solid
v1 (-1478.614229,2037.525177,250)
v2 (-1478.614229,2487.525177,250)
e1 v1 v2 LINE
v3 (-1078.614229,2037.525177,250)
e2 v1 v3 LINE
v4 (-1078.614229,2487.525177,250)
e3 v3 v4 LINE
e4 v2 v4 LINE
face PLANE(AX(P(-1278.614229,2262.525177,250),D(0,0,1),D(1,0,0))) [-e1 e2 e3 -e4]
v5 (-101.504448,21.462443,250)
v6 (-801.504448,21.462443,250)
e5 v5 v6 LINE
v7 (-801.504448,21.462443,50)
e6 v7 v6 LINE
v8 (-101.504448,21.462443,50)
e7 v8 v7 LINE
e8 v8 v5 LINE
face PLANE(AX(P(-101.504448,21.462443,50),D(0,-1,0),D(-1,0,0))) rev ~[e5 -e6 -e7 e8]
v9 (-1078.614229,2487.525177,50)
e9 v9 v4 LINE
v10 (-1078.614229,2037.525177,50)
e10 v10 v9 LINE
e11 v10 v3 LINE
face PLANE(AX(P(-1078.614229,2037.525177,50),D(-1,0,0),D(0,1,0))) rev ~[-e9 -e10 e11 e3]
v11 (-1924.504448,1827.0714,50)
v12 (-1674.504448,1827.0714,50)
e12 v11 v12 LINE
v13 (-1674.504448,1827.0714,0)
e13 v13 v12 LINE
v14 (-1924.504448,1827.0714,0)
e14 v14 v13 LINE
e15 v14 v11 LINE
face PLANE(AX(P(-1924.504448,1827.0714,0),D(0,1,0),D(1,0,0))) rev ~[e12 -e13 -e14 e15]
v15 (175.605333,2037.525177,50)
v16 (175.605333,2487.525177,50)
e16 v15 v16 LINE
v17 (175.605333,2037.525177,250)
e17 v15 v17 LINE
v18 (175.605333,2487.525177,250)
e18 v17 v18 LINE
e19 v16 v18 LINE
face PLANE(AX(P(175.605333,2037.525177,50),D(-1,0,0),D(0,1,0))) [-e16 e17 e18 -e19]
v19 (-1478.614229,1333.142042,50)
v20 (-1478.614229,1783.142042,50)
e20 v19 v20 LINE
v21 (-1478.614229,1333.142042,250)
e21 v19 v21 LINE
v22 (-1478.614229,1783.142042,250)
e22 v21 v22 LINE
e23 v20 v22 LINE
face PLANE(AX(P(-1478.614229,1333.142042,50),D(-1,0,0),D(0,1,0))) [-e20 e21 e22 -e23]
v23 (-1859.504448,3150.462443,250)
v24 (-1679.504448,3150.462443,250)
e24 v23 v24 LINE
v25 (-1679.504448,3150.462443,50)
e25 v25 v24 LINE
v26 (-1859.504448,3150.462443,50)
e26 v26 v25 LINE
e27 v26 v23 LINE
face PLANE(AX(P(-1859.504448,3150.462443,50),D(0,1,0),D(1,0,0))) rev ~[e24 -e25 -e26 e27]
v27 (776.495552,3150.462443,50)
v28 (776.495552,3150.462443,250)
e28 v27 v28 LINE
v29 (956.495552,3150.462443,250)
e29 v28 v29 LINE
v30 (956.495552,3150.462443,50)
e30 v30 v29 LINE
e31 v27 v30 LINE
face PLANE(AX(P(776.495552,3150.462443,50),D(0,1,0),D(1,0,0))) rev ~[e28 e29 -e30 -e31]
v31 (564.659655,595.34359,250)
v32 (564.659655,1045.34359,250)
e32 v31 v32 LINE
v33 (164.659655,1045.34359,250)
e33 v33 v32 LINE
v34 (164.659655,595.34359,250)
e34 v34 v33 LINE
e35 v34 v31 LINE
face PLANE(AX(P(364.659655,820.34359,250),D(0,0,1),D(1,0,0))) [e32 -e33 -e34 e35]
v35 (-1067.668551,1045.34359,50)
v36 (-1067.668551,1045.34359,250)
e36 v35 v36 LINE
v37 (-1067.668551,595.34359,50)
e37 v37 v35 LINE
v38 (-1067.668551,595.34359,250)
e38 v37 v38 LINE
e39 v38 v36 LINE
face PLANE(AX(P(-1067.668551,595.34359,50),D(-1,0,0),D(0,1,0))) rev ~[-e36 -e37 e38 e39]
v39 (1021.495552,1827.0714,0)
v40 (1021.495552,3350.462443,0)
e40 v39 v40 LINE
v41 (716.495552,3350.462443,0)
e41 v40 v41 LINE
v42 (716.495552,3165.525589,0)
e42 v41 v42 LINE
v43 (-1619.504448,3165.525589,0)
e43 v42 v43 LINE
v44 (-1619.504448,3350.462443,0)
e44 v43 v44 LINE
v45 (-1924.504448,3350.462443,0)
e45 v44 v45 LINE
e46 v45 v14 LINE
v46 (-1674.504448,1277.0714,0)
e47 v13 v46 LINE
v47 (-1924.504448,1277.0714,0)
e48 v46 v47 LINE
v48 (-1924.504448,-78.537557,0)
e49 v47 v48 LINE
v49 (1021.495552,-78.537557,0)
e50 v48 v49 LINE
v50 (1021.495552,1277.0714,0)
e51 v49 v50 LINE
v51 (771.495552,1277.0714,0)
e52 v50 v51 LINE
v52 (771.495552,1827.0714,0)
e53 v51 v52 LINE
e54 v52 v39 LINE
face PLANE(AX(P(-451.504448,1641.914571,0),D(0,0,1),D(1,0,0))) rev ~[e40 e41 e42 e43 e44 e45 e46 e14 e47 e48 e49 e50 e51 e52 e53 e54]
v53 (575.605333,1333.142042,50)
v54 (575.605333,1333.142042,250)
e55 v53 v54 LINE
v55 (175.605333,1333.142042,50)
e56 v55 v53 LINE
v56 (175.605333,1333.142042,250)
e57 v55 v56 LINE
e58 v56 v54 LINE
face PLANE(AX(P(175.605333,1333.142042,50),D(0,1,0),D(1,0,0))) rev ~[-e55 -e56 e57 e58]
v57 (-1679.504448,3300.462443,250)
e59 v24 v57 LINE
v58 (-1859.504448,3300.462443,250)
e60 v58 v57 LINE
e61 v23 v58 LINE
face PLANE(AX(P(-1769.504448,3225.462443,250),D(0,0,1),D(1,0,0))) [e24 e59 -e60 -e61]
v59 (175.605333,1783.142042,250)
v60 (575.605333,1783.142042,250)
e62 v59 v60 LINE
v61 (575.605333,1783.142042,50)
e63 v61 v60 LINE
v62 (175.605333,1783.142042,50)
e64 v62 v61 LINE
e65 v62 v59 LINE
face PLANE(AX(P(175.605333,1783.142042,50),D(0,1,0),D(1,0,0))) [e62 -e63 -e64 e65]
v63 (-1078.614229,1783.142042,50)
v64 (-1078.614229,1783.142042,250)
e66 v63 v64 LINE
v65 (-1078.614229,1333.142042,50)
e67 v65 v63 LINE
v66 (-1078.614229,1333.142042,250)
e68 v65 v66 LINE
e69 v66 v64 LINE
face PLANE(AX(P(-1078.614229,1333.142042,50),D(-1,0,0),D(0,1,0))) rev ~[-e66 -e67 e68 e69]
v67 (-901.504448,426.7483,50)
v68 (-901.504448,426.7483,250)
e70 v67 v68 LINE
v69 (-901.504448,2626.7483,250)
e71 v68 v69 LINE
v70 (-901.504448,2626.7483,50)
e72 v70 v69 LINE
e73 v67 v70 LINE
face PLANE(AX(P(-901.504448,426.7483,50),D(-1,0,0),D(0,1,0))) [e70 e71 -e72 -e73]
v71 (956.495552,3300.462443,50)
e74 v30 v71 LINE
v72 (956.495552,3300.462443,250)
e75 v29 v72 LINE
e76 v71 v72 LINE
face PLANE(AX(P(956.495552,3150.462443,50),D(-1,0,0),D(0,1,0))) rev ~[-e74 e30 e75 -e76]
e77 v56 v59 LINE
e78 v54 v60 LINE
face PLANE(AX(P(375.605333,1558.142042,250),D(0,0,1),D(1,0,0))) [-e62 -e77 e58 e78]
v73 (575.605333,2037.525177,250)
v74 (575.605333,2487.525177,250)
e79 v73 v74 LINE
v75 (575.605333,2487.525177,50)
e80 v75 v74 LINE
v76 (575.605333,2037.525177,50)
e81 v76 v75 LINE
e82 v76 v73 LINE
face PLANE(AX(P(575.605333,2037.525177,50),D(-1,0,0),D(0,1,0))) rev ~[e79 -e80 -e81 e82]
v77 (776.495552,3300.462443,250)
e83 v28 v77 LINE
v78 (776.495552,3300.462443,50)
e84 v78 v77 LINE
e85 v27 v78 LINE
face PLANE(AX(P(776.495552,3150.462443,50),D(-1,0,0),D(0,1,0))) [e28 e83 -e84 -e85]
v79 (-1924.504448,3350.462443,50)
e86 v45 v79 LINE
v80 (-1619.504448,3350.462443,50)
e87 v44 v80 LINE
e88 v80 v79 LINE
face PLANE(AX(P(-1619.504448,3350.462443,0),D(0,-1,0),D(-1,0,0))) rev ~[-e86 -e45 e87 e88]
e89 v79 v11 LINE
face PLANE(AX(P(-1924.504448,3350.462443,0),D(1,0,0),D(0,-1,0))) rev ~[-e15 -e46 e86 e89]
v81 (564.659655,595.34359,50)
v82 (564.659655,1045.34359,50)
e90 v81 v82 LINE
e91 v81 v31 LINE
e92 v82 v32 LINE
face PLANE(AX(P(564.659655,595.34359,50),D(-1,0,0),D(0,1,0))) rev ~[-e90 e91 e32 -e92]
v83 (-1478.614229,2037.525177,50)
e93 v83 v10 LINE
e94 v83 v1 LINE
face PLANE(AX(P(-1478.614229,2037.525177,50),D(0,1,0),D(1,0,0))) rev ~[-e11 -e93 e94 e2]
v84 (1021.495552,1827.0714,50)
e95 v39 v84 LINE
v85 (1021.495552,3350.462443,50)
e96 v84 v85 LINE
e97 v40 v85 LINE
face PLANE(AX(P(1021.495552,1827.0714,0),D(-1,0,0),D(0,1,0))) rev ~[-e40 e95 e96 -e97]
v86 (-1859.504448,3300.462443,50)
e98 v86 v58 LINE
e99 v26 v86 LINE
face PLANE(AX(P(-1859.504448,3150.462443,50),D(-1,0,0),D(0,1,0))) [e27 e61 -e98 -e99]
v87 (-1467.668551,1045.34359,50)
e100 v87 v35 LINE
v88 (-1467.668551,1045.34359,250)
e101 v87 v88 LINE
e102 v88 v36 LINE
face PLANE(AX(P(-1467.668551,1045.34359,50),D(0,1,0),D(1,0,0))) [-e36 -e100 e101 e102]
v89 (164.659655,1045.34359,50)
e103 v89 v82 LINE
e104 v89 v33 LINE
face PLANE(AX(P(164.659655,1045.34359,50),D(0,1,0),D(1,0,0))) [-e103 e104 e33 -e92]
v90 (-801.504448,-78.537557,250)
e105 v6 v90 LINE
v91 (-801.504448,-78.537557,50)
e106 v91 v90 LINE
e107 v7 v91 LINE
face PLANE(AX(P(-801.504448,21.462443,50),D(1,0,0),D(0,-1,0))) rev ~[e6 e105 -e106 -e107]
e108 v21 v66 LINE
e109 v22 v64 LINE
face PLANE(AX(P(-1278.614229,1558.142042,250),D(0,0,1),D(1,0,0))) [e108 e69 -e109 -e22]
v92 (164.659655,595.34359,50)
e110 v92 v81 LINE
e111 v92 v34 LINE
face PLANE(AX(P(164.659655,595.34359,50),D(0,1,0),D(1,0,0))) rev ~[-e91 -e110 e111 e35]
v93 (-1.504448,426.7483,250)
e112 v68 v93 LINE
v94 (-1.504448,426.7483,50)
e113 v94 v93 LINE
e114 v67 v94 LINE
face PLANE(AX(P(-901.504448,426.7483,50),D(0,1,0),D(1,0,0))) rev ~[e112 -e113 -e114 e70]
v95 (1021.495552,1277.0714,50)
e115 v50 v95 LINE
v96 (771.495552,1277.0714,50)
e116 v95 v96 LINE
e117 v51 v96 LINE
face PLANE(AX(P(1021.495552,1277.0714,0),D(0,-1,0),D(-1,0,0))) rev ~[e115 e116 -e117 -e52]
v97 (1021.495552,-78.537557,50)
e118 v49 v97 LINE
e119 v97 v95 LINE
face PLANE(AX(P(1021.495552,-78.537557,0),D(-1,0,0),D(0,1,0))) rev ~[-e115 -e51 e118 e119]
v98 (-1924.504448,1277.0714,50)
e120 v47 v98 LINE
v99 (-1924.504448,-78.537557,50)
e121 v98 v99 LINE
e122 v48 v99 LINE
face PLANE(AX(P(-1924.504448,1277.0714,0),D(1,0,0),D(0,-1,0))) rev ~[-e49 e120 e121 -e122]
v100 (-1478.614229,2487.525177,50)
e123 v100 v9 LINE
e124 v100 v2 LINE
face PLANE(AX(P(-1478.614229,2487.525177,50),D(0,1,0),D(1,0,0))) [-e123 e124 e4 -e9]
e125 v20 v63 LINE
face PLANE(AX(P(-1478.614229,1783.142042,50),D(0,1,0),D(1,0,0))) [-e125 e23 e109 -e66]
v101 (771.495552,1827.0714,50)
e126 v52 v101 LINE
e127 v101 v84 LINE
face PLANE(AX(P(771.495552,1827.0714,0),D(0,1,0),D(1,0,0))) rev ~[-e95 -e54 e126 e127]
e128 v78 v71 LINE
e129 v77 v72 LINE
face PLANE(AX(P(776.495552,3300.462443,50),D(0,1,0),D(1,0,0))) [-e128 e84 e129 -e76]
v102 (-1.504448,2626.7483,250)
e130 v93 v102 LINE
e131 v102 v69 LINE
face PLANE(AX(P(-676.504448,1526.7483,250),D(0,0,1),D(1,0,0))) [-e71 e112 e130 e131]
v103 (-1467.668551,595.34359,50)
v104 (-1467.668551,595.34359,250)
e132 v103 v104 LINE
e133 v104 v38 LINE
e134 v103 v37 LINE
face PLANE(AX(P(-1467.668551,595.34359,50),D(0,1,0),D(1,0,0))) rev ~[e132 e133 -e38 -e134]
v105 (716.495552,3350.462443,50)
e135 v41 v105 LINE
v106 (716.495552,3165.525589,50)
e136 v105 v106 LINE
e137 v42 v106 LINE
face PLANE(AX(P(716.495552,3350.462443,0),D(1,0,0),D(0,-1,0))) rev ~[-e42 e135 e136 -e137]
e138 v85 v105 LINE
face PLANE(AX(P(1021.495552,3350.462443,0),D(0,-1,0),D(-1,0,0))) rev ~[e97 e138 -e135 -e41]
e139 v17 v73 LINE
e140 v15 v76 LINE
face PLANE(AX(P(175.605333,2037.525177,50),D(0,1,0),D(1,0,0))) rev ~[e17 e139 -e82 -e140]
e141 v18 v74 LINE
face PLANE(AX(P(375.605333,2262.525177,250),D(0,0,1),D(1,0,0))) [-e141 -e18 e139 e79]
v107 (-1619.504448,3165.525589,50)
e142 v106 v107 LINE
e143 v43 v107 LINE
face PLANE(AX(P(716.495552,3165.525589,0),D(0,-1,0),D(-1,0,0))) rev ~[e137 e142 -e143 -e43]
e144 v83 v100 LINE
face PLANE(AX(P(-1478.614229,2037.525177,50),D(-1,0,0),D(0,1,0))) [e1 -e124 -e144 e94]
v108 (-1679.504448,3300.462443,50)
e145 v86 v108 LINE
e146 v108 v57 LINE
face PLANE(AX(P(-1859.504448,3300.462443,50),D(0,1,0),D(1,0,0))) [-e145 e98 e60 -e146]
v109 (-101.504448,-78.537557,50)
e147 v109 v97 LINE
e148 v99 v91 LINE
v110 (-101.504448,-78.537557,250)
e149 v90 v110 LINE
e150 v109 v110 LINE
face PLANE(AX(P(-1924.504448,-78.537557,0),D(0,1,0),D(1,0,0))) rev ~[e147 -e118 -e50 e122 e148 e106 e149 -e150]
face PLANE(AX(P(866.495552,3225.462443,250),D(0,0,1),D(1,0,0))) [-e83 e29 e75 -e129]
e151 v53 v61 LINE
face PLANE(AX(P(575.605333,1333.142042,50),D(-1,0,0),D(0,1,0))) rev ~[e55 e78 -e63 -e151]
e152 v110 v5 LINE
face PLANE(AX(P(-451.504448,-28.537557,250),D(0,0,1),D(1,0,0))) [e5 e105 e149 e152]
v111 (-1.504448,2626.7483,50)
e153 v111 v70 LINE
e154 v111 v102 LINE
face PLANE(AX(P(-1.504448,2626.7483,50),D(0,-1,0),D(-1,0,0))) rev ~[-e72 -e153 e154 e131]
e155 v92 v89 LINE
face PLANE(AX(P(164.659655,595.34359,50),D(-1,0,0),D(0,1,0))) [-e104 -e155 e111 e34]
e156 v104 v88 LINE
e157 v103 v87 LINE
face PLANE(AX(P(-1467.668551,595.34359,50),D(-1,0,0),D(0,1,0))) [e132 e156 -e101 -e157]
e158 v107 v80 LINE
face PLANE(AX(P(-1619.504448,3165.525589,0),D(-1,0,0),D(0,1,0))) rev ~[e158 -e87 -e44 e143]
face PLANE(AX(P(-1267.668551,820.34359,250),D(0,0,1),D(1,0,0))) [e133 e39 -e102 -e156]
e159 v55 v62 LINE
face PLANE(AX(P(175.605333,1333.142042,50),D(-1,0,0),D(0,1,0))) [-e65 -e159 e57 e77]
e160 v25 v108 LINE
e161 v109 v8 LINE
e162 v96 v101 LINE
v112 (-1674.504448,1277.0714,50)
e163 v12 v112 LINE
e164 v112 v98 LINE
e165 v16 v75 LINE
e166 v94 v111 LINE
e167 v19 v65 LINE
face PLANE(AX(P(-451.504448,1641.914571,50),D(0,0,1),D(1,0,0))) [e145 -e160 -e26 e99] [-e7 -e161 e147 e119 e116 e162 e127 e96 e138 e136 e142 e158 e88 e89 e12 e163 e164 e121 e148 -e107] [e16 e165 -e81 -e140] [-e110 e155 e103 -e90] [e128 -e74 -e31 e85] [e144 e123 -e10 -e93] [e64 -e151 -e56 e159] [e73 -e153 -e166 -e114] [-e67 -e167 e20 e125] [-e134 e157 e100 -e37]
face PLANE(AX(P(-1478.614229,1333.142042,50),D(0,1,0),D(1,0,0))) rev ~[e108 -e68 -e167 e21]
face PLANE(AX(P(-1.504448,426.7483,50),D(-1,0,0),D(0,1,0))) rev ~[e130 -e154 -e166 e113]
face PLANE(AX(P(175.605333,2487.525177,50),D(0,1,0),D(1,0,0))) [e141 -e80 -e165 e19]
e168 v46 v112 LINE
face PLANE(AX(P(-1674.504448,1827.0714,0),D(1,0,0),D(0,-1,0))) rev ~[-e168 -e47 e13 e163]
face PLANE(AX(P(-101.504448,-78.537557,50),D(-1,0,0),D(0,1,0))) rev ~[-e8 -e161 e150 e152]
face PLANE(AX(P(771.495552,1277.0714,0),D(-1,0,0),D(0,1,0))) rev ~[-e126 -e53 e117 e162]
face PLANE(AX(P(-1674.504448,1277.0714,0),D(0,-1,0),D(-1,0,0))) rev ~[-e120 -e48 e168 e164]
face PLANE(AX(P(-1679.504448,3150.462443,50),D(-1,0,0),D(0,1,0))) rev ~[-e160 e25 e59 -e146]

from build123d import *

# Parameters (mm, degrees)
F1_DEPTH = 50
F2_W     = 450
F2_H     = 2200
F2_W_2   = 400
F2_H_2   = 450
F2_W_3   = 180
F2_H_3   = 150
F3_DEPTH = 200


with BuildPart() as f1:
    # F0 (on Top) → F1 (new body)
    with BuildSketch(Plane.XY):
        Polygon((-1619.504448, 3165.525589), (-1619.504448, 3350.462443), (-1924.504448, 3350.462443), (-1924.504448, 1827.0714), (-1674.504448, 1827.0714), (-1674.504448, 1277.0714), (-1924.504448, 1277.0714), (-1924.504448, -78.537557), (1021.495552, -78.537557), (1021.495552, 1277.0714), (771.495552, 1277.0714), (771.495552, 1827.0714), (1021.495552, 1827.0714), (1021.495552, 3350.462443), (716.495552, 3350.462443), (716.495552, 3165.525589), align=None)
    extrude(amount=F1_DEPTH)

    # F2 (on face) → F3 (join)
    with BuildSketch(Plane.XY.offset(50)):
        with Locations((-676.504448, 1526.7483)):
            Rectangle(F2_W, F2_H)
        with Locations((-226.504448, 1526.7483)):
            Rectangle(F2_W, F2_H)
        with Locations((-1278.614229, 2262.525177)):
            Rectangle(F2_W_2, F2_H_2)
        with Locations((-1267.668551, 820.34359)):
            Rectangle(F2_W_2, F2_H_2)
        with Locations((-1278.614229, 1558.142042)):
            Rectangle(F2_W_2, F2_H_2)
        with Locations((375.605333, 2262.525177)):
            Rectangle(F2_W_2, F2_H_2)
        with Locations((375.605333, 1558.142042)):
            Rectangle(F2_W_2, F2_H_2)
        with Locations((364.659655, 820.34359)):
            Rectangle(F2_W_2, F2_H_2)
        with Locations((-1769.504448, 3225.462443)):
            Rectangle(F2_W_3, F2_H_3)
        with Locations((866.495552, 3225.462443)):
            Rectangle(F2_W_3, F2_H_3)
        Polygon((-801.504448, -78.537557), (-451.504448, -78.537557), (-101.504448, -78.537557), (-101.504448, 21.462443), (-801.504448, 21.462443), align=None)
    extrude(amount=F3_DEPTH)


solid = f1.part
